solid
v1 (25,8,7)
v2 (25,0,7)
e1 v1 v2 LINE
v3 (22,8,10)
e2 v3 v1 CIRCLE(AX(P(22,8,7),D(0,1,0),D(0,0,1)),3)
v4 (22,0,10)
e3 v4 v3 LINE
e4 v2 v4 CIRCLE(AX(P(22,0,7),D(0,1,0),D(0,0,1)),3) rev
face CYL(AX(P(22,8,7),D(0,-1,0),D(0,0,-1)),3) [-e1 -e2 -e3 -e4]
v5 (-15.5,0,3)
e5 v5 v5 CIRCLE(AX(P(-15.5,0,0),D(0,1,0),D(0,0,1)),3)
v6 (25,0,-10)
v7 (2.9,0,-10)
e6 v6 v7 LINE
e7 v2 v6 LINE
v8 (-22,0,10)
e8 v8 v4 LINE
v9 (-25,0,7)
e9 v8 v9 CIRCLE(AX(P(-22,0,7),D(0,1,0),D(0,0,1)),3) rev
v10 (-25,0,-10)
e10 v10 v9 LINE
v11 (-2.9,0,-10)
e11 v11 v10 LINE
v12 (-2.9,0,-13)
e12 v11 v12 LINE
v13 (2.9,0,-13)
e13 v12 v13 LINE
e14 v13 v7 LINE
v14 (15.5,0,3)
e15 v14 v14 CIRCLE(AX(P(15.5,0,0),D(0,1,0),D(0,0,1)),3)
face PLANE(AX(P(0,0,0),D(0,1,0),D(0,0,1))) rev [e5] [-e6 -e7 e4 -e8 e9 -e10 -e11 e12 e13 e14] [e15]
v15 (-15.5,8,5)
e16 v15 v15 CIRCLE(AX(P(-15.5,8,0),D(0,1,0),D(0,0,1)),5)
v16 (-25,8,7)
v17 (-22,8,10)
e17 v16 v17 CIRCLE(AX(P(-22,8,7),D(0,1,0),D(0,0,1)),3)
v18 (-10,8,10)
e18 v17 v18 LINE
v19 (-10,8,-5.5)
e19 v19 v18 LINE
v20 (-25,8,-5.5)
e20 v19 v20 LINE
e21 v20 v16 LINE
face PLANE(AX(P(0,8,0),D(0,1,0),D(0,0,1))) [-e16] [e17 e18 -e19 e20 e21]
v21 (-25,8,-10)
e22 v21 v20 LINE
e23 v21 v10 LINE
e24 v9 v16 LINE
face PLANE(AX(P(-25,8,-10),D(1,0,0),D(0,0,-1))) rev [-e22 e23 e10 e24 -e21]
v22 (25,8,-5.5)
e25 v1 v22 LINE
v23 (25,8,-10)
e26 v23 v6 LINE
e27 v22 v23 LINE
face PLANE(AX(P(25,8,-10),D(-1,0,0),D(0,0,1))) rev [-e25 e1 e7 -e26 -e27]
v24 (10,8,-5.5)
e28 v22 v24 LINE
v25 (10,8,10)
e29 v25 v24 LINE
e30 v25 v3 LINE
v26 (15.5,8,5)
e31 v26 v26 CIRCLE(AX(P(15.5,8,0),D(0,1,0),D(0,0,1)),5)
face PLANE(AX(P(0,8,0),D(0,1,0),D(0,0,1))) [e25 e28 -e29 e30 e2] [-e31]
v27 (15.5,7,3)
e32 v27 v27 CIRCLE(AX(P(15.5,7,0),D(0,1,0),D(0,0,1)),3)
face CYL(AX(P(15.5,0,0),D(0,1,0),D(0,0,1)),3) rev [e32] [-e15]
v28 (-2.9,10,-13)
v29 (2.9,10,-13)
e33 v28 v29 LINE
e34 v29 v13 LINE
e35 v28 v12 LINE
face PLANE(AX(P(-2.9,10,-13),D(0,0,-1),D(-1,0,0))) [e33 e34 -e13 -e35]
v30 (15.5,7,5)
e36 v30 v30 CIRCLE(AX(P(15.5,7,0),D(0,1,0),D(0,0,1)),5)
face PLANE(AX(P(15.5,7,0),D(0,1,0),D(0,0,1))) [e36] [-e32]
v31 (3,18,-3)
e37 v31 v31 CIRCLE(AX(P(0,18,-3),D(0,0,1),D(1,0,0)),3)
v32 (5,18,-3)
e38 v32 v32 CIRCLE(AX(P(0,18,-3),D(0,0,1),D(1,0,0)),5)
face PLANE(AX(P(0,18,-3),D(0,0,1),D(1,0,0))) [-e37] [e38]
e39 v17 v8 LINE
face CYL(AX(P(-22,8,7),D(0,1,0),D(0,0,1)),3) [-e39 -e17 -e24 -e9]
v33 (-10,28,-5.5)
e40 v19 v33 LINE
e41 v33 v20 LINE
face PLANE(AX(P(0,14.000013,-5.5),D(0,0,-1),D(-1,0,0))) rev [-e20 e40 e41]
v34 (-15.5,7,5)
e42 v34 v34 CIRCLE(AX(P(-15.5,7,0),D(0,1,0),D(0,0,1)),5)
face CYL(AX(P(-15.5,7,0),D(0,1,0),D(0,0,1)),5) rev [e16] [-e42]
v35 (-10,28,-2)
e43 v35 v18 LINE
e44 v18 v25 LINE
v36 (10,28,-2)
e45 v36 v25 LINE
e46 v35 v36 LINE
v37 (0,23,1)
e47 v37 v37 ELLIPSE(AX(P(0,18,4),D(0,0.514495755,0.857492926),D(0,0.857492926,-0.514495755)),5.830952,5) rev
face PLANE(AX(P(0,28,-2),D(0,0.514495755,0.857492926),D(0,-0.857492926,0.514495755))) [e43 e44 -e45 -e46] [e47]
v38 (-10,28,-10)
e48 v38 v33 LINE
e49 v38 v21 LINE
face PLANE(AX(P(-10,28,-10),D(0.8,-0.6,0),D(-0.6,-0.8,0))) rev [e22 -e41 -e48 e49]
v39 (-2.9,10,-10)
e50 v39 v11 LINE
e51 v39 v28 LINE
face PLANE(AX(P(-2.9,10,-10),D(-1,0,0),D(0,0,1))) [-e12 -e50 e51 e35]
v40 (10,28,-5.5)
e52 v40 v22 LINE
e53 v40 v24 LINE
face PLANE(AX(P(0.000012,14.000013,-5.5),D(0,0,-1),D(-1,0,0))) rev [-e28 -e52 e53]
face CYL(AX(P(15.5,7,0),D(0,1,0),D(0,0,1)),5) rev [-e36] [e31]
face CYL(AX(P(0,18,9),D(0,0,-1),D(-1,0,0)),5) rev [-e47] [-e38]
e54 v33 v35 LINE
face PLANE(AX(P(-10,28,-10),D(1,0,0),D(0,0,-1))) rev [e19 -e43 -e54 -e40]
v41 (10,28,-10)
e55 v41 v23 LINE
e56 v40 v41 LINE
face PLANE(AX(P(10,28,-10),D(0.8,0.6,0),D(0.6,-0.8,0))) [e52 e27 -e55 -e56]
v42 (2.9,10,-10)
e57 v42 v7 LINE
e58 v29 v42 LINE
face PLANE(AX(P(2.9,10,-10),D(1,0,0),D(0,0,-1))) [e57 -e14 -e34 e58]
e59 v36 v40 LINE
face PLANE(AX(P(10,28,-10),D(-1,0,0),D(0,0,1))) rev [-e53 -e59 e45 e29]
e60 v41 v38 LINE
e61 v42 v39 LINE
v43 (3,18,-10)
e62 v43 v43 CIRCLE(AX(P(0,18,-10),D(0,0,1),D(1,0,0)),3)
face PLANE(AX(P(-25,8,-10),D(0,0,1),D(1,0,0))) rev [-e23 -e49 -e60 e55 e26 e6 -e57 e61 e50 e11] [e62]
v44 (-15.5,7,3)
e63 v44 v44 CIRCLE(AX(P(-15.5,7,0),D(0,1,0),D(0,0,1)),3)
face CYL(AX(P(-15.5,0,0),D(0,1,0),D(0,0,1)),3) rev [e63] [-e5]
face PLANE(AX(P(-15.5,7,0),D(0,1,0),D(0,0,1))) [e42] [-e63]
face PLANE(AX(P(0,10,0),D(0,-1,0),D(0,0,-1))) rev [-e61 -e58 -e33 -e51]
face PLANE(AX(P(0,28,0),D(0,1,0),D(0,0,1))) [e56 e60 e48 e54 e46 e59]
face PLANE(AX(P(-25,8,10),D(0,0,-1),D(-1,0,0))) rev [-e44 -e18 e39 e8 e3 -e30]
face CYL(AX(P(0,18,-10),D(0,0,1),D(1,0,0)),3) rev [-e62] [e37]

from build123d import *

# Parameters (mm, degrees)
SKETCH1_W           = 50
SKETCH1_H           = 20
BOSS_EXTRUDE1_DEPTH = 8
SKETCH2_W           = 20
SKETCH2_H           = 8
BOSS_EXTRUDE2_DEPTH = 20
RIB3_REACH          = 40.846
SKETCH3_WALL_W      = 103.015505978
SKETCH3_WALL_H      = 20
CUT_EXTRUDE3_START  = -3
SKETCH9_R           = 5
CUT_EXTRUDE3_DEPTH  = 12
SKETCH10_R          = 3
CUT_EXTRUDE4_DEPTH  = 7
RIB4_REACH          = 44.532
SKETCH12_WALL_W     = 112.064681272
SKETCH12_WALL_H     = 4.5
RIB7_REACH          = 44.532
SKETCH13_WALL_W     = 112.064681272
SKETCH13_WALL_H     = 4.5
SKETCH7_R           = 5
CUT_EXTRUDE5_DEPTH  = 1
SKETCH14_R          = 3
CUT_EXTRUDE6_DEPTH  = 7
LPATTERN1_COUNT     = 2
LPATTERN1_PITCH     = 31
SKETCH15_W          = 5.8
SKETCH15_H          = 3
BOSS_EXTRUDE3_DEPTH = 10
FILLET1_R           = 3
FILLET2_R           = 3


with BuildPart() as part:
    # Sketch1 → Boss-Extrude1 (new body)
    with BuildSketch(Plane(origin=(0, 0, 0), x_dir=(1, 0, 0), z_dir=(0, 1, 0))):
        Rectangle(SKETCH1_W, SKETCH1_H)
    extrude(amount=BOSS_EXTRUDE1_DEPTH)

    # Sketch2 → Boss-Extrude2 (add)
    with BuildSketch(Plane(origin=(0, 8, 0), x_dir=(1, 0, 0), z_dir=(0, 1, 0))):
        with Locations((0, 6)):
            Rectangle(SKETCH2_W, SKETCH2_H)
    extrude(amount=BOSS_EXTRUDE2_DEPTH)

    # Sketch3 wall → Rib3 (add, up to next)
    with BuildSketch(Plane(origin=(0, 18, 4), x_dir=(0, -0.857492925713, 0.514495755428), z_dir=(0, -0.514495755428, -0.857492925713)), mode=Mode.PRIVATE) as rib3_sk1:
        Rectangle(SKETCH3_WALL_W, SKETCH3_WALL_H)
    rib3_tool1 = extrude(rib3_sk1.sketch, amount=RIB3_REACH, mode=Mode.PRIVATE) - part.part
    add(rib3_tool1.solids().sort_by_distance((0, 18, 4))[0])

    # Sketch9 → Cut-Extrude3 (cut)
    with BuildSketch(Plane.XY.offset(CUT_EXTRUDE3_START)):
        with Locations(Location((0, 18, 0), (0, 0, 90))):
            Circle(SKETCH9_R)
    extrude(amount=CUT_EXTRUDE3_DEPTH, mode=Mode.SUBTRACT)

    # Sketch10 → Cut-Extrude4 (cut)
    with BuildSketch(Plane.XY.offset(-3)):
        with Locations((0, 18)):
            Circle(SKETCH10_R)
    extrude(amount=-CUT_EXTRUDE4_DEPTH, mode=Mode.SUBTRACT)

    # Sketch12 wall → Rib4 (add, up to next)
    with BuildSketch(Plane(origin=(-17.5, 18, -10), x_dir=(-0.6, -0.8, 0), z_dir=(-0.8, 0.6, 0)), mode=Mode.PRIVATE) as rib4_sk1:
        with Locations((0, 2.25)):
            Rectangle(SKETCH12_WALL_W, SKETCH12_WALL_H)
    rib4_tool1 = extrude(rib4_sk1.sketch, amount=-RIB4_REACH, mode=Mode.PRIVATE) - part.part
    add(rib4_tool1.solids().sort_by_distance((-17.5, 18, -10))[0])

    # Sketch13 wall → Rib7 (add, up to next)
    with BuildSketch(Plane(origin=(17.5, 18, -10), x_dir=(0.6, -0.8, 0), z_dir=(-0.8, -0.6, 0)), mode=Mode.PRIVATE) as rib7_sk1:
        with Locations((0, 2.25)):
            Rectangle(SKETCH13_WALL_W, SKETCH13_WALL_H)
    rib7_tool1 = extrude(rib7_sk1.sketch, amount=RIB7_REACH, mode=Mode.PRIVATE) - part.part
    add(rib7_tool1.solids().sort_by_distance((17.5, 18, -10))[0])

    # Sketch7 → Cut-Extrude5 (cut)
    with BuildSketch(Plane(origin=(0, 8, 0), x_dir=(1, 0, 0), z_dir=(0, 1, 0))):
        with Locations(Location((-15.5, 0, 0), (0, 0, 270))):
            Circle(SKETCH7_R)
    cut_extrude5 = extrude(amount=-CUT_EXTRUDE5_DEPTH, mode=Mode.SUBTRACT)

    # Sketch14 → Cut-Extrude6 (cut)
    with BuildSketch(Plane(origin=(0, 7, 0), x_dir=(1, 0, 0), z_dir=(0, 1, 0))):
        with Locations(Location((-15.5, 0, 0), (0, 0, 270))):
            Circle(SKETCH14_R)
    cut_extrude6 = extrude(amount=-CUT_EXTRUDE6_DEPTH, mode=Mode.SUBTRACT)

    # LPattern1: Cut-Extrude5, Cut-Extrude6 ×2
    with Locations(*[(i * LPATTERN1_PITCH, 0, 0) for i in range(1, LPATTERN1_COUNT)]):
        add(cut_extrude5, mode=Mode.SUBTRACT)
        add(cut_extrude6, mode=Mode.SUBTRACT)

    # Sketch15 → Boss-Extrude3 (add)
    with BuildSketch(Plane.XZ):
        with Locations((0, -11.5)):
            Rectangle(SKETCH15_W, SKETCH15_H)
    extrude(amount=-BOSS_EXTRUDE3_DEPTH)

    # Fillet1
    fillet1_edges = [part.edges().sort_by_distance(p)[0] for p in [
        (-25, 4, 10),
    ]]
    fillet(fillet1_edges, radius=FILLET1_R)

    # Fillet2
    fillet2_edges = [part.edges().sort_by_distance(p)[0] for p in [
        (25, 4, 10),
    ]]
    fillet(fillet2_edges, radius=FILLET2_R)


solid = part.part
